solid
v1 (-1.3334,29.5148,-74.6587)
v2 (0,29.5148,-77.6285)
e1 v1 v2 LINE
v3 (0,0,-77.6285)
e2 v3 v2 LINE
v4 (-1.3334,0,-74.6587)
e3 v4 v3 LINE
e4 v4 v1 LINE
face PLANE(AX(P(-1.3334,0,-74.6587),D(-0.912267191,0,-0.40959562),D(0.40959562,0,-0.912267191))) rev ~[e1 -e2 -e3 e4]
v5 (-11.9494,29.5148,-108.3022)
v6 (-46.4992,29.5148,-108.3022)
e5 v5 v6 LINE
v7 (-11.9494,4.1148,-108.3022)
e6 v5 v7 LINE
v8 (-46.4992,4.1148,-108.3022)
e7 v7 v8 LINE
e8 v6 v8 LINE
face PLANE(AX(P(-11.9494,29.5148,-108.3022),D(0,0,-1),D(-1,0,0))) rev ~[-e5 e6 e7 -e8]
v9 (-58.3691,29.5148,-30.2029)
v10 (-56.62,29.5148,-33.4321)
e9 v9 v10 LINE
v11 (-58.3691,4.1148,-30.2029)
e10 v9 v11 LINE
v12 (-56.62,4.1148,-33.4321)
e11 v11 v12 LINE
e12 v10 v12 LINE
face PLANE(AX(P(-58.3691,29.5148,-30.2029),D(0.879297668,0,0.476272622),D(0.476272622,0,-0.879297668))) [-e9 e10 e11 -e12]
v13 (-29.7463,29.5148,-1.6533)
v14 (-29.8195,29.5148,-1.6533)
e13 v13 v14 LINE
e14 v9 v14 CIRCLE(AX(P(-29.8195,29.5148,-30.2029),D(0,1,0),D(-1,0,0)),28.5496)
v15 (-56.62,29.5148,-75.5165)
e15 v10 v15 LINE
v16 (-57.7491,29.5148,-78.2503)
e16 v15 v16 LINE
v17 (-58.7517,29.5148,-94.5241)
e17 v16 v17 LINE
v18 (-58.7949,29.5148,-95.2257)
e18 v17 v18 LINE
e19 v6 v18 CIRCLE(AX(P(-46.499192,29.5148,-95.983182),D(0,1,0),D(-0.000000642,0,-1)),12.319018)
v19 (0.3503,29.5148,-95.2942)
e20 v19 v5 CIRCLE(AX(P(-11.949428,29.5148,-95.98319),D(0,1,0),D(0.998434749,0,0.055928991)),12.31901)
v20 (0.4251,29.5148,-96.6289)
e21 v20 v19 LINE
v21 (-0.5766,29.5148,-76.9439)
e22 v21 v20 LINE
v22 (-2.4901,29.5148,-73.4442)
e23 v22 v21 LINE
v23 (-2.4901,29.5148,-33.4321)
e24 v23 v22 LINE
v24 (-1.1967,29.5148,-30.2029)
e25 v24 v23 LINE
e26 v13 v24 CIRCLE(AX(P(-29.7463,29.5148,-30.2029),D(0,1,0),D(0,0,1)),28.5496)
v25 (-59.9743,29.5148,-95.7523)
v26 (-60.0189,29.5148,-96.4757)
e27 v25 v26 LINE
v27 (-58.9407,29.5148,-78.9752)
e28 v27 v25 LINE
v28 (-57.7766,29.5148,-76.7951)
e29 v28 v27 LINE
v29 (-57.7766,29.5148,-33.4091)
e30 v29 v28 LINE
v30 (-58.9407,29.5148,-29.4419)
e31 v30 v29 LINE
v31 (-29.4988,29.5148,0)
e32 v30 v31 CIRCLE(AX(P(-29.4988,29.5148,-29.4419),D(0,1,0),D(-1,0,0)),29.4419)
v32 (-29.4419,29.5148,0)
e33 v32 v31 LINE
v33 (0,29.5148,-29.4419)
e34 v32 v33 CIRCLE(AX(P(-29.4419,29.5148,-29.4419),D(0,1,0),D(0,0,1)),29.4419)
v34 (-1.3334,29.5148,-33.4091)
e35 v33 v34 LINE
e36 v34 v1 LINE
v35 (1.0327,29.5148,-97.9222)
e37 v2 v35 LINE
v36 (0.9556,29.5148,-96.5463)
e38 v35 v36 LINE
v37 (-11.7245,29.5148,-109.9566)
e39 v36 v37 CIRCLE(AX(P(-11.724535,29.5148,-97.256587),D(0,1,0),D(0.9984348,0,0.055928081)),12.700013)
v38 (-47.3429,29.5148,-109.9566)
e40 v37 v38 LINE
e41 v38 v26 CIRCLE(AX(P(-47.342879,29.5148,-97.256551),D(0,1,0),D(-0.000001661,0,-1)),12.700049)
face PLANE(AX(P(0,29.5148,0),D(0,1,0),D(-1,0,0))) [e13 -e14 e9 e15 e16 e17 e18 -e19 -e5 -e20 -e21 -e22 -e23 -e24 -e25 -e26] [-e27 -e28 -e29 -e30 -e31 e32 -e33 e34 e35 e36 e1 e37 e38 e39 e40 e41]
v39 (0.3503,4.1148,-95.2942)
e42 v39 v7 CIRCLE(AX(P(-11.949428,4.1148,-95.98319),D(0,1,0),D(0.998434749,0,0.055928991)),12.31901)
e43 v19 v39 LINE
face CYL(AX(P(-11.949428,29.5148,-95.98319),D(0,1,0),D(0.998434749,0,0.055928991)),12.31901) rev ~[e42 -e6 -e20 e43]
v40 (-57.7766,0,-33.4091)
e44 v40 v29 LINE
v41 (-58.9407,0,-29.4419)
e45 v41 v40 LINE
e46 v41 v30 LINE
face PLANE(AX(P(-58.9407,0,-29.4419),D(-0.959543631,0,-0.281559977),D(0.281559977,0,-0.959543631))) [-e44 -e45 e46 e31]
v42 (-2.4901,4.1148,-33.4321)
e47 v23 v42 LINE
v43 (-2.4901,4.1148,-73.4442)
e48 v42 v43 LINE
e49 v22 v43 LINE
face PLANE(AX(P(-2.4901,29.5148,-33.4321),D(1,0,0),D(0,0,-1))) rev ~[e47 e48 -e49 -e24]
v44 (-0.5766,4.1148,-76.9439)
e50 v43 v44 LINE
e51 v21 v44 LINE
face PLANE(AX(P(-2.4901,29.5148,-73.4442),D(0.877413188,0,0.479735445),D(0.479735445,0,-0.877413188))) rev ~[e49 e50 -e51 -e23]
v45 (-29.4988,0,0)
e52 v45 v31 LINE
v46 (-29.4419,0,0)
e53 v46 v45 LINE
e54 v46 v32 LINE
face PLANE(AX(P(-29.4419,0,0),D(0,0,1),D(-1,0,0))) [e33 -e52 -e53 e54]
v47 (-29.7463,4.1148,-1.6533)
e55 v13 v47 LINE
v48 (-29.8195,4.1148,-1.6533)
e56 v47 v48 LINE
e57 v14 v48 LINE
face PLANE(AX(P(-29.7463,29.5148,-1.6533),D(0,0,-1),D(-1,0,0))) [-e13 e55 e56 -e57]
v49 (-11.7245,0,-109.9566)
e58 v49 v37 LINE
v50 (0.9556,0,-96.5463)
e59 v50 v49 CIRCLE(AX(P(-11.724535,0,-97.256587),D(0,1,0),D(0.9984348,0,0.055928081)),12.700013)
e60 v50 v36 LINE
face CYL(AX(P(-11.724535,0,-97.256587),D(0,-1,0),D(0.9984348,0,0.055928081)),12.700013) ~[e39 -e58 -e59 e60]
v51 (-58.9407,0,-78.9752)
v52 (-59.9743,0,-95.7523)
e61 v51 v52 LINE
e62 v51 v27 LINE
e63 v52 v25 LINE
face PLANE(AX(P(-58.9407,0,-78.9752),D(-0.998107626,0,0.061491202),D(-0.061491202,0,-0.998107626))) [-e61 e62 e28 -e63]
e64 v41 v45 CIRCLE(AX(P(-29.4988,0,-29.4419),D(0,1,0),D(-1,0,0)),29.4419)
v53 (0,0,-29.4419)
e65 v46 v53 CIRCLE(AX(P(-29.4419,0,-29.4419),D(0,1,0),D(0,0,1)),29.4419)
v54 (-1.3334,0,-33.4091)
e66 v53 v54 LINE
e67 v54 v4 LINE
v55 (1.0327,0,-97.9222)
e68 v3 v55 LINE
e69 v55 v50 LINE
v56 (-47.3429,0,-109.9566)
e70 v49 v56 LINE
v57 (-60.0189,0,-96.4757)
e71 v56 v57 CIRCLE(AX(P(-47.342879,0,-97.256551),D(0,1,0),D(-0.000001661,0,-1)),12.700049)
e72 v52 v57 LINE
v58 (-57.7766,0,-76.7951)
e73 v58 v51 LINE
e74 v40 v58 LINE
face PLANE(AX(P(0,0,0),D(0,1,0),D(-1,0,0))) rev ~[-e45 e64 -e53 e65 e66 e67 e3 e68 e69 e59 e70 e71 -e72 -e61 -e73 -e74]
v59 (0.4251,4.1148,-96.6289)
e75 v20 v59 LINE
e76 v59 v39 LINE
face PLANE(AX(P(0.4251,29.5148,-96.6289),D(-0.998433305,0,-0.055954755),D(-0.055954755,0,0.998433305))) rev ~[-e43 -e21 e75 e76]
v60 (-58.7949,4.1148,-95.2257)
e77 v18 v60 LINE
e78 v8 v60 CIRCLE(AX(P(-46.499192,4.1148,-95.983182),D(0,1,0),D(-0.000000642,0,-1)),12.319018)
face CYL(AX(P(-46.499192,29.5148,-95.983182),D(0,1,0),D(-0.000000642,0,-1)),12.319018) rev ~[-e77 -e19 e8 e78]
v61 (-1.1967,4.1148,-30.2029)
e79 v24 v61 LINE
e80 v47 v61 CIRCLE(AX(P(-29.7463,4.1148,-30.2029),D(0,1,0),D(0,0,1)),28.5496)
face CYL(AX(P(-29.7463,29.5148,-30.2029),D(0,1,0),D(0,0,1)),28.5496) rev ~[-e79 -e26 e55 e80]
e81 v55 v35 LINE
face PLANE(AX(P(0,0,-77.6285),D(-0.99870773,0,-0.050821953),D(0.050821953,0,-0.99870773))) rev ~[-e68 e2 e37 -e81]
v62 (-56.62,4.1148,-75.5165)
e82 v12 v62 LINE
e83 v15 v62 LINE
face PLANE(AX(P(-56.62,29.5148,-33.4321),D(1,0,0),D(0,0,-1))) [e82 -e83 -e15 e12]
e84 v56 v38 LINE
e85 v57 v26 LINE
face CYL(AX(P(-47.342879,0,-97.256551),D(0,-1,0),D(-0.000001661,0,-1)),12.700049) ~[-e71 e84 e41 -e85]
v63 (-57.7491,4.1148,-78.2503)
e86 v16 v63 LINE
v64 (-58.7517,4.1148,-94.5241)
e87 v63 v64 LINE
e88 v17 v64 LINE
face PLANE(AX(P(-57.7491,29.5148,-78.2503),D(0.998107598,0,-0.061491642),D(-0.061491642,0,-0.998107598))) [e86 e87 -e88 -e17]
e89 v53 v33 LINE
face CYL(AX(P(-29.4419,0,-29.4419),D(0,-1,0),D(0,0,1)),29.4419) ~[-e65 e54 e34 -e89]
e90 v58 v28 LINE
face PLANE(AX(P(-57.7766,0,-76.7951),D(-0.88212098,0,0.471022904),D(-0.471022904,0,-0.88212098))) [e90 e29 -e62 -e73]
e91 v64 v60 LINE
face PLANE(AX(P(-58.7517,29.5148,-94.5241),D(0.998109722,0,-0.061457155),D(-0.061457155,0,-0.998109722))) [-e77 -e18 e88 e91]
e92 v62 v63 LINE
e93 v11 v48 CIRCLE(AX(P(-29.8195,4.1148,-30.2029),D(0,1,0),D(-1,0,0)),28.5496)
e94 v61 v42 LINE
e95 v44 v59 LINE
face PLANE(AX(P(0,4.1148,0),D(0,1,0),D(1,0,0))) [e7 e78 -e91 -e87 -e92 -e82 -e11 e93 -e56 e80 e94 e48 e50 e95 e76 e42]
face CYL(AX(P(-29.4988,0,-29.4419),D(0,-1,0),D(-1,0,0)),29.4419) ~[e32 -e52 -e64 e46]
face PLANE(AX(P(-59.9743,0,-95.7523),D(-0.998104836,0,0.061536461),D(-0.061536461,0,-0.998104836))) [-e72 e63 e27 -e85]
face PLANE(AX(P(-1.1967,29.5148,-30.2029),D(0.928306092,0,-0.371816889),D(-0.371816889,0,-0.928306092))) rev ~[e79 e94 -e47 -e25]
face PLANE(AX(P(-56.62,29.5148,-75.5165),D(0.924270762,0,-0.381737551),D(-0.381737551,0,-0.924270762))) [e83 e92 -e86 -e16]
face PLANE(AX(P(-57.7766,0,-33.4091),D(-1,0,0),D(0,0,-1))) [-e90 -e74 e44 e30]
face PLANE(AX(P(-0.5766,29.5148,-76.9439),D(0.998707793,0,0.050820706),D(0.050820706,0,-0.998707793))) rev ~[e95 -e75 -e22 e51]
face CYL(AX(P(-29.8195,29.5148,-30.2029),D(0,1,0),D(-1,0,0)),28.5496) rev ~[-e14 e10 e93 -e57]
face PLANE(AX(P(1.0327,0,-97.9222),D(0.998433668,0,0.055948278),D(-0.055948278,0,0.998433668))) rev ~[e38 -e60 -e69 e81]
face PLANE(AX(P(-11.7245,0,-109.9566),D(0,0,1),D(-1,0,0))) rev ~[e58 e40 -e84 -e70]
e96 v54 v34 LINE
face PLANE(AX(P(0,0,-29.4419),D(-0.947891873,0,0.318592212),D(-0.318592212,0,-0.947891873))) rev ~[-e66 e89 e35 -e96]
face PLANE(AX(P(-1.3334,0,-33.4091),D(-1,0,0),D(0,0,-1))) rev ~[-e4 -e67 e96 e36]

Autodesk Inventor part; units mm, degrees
ref_plane "YZ Plane" through (0, 0, 0) normal (1, 0, 0) x (0, 1, 0)
sketch "Sketch1" plane through (0, 0, 0) normal (0, 0, 1) x (1, 0, 0)
  point P0 (0, 0)
sketch "Sketch2" plane through (0, 0, 0) normal (0, 1, 0) x (-1, 0, 0)
  line L0 (29.4419, 0) -> (29.4988, 0)
  arc A0 (58.9407, -29.4419) -> (29.4988, 0) centre (29.4988, -29.4419) ccw
  arc A1 (29.4419, 0) -> (0, -29.4419) centre (29.4419, -29.4419) ccw
  line L1 (0, -29.4419) -> (1.3334, -33.4091)
  line L2 (1.3334, -33.4091) -> (1.3334, -74.6587)
  line L3 (1.3334, -74.6587) -> (0, -77.6285)
  line L4 (0, -77.6285) -> (-1.0327, -97.9222)
  line L5 (58.9407, -29.4419) -> (57.7766, -33.4091)
  line L6 (57.7766, -33.4091) -> (57.7766, -76.7951)
  line L7 (57.7766, -76.7951) -> (58.9407, -78.9752)
  line L8 (58.9407, -78.9752) -> (59.9743, -95.7523)
  line L9 (59.9743, -95.7523) -> (60.0189, -96.4757)
  line L10 (-1.0327, -97.9222) -> (-0.9556, -96.5463)
  line L11 (11.7245, -109.9566) -> (47.3429, -109.9566)
  arc A2 (47.3429, -109.9566) -> (60.0189, -96.4757) centre (47.3429, -97.2566) ccw
  arc A3 (-0.9556, -96.5463) -> (11.7245, -109.9566) centre (11.7245, -97.2566) ccw
  point P0 (0, 0)
  point P1 (58.9407, 0)
  dimension "d5" = 29.4419
  dimension "d6" = 41.2496
  dimension "d7" = 20.32
  dimension "d8" = 12.7
extrude "Extrusion1" add sketch "Sketch2" along normal blind 29.5148
sketch "Sketch3" plane through (0, 29.5148, 0) normal (0, 1, 0) x (1, 0, 0)
  line L0 (-29.7463, 1.6533) -> (-29.8195, 1.6533)
  arc A0 (-58.3691, 30.2029) -> (-29.8195, 1.6533) centre (-29.8195, 30.2029) ccw
  arc A1 (-29.7463, 1.6533) -> (-1.1967, 30.2029) centre (-29.7463, 30.2029) ccw
  line L1 (-1.1967, 30.2029) -> (-2.4901, 33.4321)
  line L2 (-2.4901, 33.4321) -> (-2.4901, 73.4442)
  line L3 (-2.4901, 73.4442) -> (-0.5766, 76.9439)
  line L4 (-0.5766, 76.9439) -> (0.4251, 96.6289)
  line L5 (-58.3691, 30.2029) -> (-56.62, 33.4321)
  line L6 (-56.62, 33.4321) -> (-56.62, 75.5165)
  line L7 (-56.62, 75.5165) -> (-57.7491, 78.2503)
  line L8 (-57.7491, 78.2503) -> (-58.7517, 94.5241)
  line L9 (-58.7517, 94.5241) -> (-58.7949, 95.2257)
  line L10 (0.4251, 96.6289) -> (0.3503, 95.2942)
  line L11 (-11.9494, 108.3022) -> (-46.4992, 108.3022)
  arc A2 (-46.4992, 108.3022) -> (-58.7949, 95.2257) centre (-46.4992, 95.9832) ccw
  arc A3 (0.3503, 95.2942) -> (-11.9494, 108.3022) centre (-11.9494, 95.9832) ccw
  line L12 (-2.4901, 52.1447) -> (-2.4901, 53.4382) construction
  line L13 (-57.7766, 76.7951) -> (-57.7766, 33.4091) construction
  line L14 (-57.7766, 54.1324) -> (-56.62, 54.1324) construction
  arc A4 (-58.9407, 29.4419) -> (-29.4988, 0) centre (-29.4988, 29.4419) ccw construction
  line L15 (-29.4988, 0) -> (-29.4988, 1.6544) construction
  line L16 (-28.1015, 108.3022) -> (-28.1015, 109.9566) construction
  line L17 (-11.7245, 109.9566) -> (-47.3429, 109.9566) construction
  line L18 (-2.4901, 53.4382) -> (-1.3334, 53.4382) construction
  line L19 (-1.3334, 33.4091) -> (-1.3334, 74.6587) construction
  point P0 (0, 0)
  point P1 (-1.2057, 1.6533)
  point P2 (-58.3782, 1.6533)
  dimension "d9" = 28.5496
  dimension "d10" = 40.0121
  dimension "d11" = 19.7104
  dimension "d12" = 12.319
extrude "Extrusion2" cut sketch "Sketch3" against normal blind 25.4
sketch "Sketch4" plane through (0, 29.5148, 0) normal (0, 1, 0) x (1, 0, 0)
  point P0 (0, 0)
sketch "Sketch5" plane through (-11.7245, 0, -109.9566) normal (0, 0, -1) x (-1, 0, 0)
  line L0 (35.6184, 26.9603) -> (35.6184, 25.922)
  line L1 (35.6184, 0) -> (35.6184, 29.5148) projected
  line L2 (0, 0) -> (0, 29.5148) projected
  point P0 (-11.7245, 0)
sketch "Sketch6" plane through (0, 29.5148, 0) normal (0, 1, 0) x (1, 0, 0)
  point P0 (0, 0)
ref_plane "Work Plane3" through (-47.3429, 25.922, -109.9566) normal (0, 1, 0) x (1, 0, 0)
sketch "Sketch7" plane through (-47.3429, 25.922, -109.9566) normal (0, 1, 0) x (1, 0, 0)
  line L0 (46.0094, -76.5475) -> (46.0094, -35.2979)
  line L1 (46.0094, -35.2979) -> (47.3429, -32.3281)
  line L2 (47.3429, -32.3281) -> (48.2985, -13.4103)
  line L3 (48.2985, -13.4103) -> (48.3756, -12.0344)
  line L4 (46.0094, -76.5475) -> (47.3429, -80.5147)
  line L5 (0, 0) -> (35.6184, 0)
  line L6 (-12.676, -13.4809) -> (-11.5978, -30.9814)
  line L7 (-11.5978, -30.9814) -> (-10.4337, -33.1615)
  line L8 (-10.4337, -33.1615) -> (-10.4337, -76.5475)
  line L9 (-10.4337, -76.5475) -> (-11.5978, -80.5147)
  arc A0 (-11.5978, -80.5147) -> (47.3429, -80.5147) centre (17.8725, -80.5147) ccw
  arc A1 (48.3756, -12.0344) -> (35.6184, 0) centre (35.6184, -12.7789) ccw
  line L10 (-12.676, -13.4809) -> (-11.5978, -30.9814) projected
  arc A2 (0, 0) -> (-12.676, -13.4809) centre (0, -12.7) ccw
  line L11 (46.0094, -76.5475) -> (46.0094, -35.2979)
  line L12 (46.0094, -35.2979) -> (47.3429, -32.3281)
  line L13 (47.3429, -32.3281) -> (48.2985, -13.4103)
  line L14 (48.2985, -13.4103) -> (48.3756, -12.0344)
  line L15 (46.0094, -76.5475) -> (47.3429, -80.5147)
  line L16 (0, 0) -> (35.6184, 0)
  line L17 (-12.676, -13.4809) -> (-11.5978, -30.9814)
  line L18 (-11.5978, -30.9814) -> (-10.4337, -33.1615)
  line L19 (-10.4337, -33.1615) -> (-10.4337, -76.5475)
  line L20 (-10.4337, -76.5475) -> (-11.5978, -80.5147)
  arc A3 (-11.5978, -80.5147) -> (47.3429, -80.5147) centre (17.8725, -80.5147) ccw
  arc A4 (48.3756, -12.0344) -> (35.6184, 0) centre (35.6184, -12.7789) ccw
  arc A5 (0, 0) -> (-12.676, -13.4809) centre (0, -12.7) ccw
  point P0 (47.3429, -109.9566)
sketch "Sketch8" plane through (-11.7245, 0, -109.9566) normal (0, 0, -1) x (-1, 0, 0)
  line L0 (0, 0) -> (0, 29.5148) projected
  line L1 (0, 25.1265) -> (35.5035, 25.1265)
  point P0 (-11.7245, 0)
ref_plane "Work Plane4" through (-11.7245, 25.1265, -109.9566) normal (0, -1, 0) x (-1, 0, 0)
sketch "Sketch9" plane through (-11.7245, 25.1265, -109.9566) normal (0, -1, 0) x (-1, 0, 0)
  line L0 (0, 0) -> (35.6184, 0)
  line L1 (46.0521, -76.5475) -> (47.2162, -80.5147)
  line L2 (48.2944, -13.4809) -> (47.2162, -31.0011)
  line L3 (47.2162, -31.0011) -> (46.0521, -33.1615)
  line L4 (46.0521, -33.1615) -> (46.0521, -76.5475)
  line L5 (-12.6801, -13.4103) -> (-12.7572, -12.0344)
  line L6 (-12.6801, -13.4103) -> (-11.7245, -32.3281)
  line L7 (-11.7245, -32.3281) -> (-10.3911, -35.2979)
  line L8 (-10.3911, -35.2979) -> (-10.3911, -76.5475)
  line L9 (-10.3911, -76.5475) -> (-11.7245, -80.5147)
  arc A0 (-11.7245, -80.5147) -> (47.2162, -80.5147) centre (17.7459, -80.4862) ccw
  arc A1 (0, 0) -> (-12.7572, -12.0344) centre (0, -12.7789) ccw
  arc A2 (48.2944, -13.4809) -> (35.6184, 0) centre (35.6184, -12.7) ccw
  point P0 (-11.7245, -109.9566)
  point P1 (17.7174, -109.9566)
properties part number "Random Object"
